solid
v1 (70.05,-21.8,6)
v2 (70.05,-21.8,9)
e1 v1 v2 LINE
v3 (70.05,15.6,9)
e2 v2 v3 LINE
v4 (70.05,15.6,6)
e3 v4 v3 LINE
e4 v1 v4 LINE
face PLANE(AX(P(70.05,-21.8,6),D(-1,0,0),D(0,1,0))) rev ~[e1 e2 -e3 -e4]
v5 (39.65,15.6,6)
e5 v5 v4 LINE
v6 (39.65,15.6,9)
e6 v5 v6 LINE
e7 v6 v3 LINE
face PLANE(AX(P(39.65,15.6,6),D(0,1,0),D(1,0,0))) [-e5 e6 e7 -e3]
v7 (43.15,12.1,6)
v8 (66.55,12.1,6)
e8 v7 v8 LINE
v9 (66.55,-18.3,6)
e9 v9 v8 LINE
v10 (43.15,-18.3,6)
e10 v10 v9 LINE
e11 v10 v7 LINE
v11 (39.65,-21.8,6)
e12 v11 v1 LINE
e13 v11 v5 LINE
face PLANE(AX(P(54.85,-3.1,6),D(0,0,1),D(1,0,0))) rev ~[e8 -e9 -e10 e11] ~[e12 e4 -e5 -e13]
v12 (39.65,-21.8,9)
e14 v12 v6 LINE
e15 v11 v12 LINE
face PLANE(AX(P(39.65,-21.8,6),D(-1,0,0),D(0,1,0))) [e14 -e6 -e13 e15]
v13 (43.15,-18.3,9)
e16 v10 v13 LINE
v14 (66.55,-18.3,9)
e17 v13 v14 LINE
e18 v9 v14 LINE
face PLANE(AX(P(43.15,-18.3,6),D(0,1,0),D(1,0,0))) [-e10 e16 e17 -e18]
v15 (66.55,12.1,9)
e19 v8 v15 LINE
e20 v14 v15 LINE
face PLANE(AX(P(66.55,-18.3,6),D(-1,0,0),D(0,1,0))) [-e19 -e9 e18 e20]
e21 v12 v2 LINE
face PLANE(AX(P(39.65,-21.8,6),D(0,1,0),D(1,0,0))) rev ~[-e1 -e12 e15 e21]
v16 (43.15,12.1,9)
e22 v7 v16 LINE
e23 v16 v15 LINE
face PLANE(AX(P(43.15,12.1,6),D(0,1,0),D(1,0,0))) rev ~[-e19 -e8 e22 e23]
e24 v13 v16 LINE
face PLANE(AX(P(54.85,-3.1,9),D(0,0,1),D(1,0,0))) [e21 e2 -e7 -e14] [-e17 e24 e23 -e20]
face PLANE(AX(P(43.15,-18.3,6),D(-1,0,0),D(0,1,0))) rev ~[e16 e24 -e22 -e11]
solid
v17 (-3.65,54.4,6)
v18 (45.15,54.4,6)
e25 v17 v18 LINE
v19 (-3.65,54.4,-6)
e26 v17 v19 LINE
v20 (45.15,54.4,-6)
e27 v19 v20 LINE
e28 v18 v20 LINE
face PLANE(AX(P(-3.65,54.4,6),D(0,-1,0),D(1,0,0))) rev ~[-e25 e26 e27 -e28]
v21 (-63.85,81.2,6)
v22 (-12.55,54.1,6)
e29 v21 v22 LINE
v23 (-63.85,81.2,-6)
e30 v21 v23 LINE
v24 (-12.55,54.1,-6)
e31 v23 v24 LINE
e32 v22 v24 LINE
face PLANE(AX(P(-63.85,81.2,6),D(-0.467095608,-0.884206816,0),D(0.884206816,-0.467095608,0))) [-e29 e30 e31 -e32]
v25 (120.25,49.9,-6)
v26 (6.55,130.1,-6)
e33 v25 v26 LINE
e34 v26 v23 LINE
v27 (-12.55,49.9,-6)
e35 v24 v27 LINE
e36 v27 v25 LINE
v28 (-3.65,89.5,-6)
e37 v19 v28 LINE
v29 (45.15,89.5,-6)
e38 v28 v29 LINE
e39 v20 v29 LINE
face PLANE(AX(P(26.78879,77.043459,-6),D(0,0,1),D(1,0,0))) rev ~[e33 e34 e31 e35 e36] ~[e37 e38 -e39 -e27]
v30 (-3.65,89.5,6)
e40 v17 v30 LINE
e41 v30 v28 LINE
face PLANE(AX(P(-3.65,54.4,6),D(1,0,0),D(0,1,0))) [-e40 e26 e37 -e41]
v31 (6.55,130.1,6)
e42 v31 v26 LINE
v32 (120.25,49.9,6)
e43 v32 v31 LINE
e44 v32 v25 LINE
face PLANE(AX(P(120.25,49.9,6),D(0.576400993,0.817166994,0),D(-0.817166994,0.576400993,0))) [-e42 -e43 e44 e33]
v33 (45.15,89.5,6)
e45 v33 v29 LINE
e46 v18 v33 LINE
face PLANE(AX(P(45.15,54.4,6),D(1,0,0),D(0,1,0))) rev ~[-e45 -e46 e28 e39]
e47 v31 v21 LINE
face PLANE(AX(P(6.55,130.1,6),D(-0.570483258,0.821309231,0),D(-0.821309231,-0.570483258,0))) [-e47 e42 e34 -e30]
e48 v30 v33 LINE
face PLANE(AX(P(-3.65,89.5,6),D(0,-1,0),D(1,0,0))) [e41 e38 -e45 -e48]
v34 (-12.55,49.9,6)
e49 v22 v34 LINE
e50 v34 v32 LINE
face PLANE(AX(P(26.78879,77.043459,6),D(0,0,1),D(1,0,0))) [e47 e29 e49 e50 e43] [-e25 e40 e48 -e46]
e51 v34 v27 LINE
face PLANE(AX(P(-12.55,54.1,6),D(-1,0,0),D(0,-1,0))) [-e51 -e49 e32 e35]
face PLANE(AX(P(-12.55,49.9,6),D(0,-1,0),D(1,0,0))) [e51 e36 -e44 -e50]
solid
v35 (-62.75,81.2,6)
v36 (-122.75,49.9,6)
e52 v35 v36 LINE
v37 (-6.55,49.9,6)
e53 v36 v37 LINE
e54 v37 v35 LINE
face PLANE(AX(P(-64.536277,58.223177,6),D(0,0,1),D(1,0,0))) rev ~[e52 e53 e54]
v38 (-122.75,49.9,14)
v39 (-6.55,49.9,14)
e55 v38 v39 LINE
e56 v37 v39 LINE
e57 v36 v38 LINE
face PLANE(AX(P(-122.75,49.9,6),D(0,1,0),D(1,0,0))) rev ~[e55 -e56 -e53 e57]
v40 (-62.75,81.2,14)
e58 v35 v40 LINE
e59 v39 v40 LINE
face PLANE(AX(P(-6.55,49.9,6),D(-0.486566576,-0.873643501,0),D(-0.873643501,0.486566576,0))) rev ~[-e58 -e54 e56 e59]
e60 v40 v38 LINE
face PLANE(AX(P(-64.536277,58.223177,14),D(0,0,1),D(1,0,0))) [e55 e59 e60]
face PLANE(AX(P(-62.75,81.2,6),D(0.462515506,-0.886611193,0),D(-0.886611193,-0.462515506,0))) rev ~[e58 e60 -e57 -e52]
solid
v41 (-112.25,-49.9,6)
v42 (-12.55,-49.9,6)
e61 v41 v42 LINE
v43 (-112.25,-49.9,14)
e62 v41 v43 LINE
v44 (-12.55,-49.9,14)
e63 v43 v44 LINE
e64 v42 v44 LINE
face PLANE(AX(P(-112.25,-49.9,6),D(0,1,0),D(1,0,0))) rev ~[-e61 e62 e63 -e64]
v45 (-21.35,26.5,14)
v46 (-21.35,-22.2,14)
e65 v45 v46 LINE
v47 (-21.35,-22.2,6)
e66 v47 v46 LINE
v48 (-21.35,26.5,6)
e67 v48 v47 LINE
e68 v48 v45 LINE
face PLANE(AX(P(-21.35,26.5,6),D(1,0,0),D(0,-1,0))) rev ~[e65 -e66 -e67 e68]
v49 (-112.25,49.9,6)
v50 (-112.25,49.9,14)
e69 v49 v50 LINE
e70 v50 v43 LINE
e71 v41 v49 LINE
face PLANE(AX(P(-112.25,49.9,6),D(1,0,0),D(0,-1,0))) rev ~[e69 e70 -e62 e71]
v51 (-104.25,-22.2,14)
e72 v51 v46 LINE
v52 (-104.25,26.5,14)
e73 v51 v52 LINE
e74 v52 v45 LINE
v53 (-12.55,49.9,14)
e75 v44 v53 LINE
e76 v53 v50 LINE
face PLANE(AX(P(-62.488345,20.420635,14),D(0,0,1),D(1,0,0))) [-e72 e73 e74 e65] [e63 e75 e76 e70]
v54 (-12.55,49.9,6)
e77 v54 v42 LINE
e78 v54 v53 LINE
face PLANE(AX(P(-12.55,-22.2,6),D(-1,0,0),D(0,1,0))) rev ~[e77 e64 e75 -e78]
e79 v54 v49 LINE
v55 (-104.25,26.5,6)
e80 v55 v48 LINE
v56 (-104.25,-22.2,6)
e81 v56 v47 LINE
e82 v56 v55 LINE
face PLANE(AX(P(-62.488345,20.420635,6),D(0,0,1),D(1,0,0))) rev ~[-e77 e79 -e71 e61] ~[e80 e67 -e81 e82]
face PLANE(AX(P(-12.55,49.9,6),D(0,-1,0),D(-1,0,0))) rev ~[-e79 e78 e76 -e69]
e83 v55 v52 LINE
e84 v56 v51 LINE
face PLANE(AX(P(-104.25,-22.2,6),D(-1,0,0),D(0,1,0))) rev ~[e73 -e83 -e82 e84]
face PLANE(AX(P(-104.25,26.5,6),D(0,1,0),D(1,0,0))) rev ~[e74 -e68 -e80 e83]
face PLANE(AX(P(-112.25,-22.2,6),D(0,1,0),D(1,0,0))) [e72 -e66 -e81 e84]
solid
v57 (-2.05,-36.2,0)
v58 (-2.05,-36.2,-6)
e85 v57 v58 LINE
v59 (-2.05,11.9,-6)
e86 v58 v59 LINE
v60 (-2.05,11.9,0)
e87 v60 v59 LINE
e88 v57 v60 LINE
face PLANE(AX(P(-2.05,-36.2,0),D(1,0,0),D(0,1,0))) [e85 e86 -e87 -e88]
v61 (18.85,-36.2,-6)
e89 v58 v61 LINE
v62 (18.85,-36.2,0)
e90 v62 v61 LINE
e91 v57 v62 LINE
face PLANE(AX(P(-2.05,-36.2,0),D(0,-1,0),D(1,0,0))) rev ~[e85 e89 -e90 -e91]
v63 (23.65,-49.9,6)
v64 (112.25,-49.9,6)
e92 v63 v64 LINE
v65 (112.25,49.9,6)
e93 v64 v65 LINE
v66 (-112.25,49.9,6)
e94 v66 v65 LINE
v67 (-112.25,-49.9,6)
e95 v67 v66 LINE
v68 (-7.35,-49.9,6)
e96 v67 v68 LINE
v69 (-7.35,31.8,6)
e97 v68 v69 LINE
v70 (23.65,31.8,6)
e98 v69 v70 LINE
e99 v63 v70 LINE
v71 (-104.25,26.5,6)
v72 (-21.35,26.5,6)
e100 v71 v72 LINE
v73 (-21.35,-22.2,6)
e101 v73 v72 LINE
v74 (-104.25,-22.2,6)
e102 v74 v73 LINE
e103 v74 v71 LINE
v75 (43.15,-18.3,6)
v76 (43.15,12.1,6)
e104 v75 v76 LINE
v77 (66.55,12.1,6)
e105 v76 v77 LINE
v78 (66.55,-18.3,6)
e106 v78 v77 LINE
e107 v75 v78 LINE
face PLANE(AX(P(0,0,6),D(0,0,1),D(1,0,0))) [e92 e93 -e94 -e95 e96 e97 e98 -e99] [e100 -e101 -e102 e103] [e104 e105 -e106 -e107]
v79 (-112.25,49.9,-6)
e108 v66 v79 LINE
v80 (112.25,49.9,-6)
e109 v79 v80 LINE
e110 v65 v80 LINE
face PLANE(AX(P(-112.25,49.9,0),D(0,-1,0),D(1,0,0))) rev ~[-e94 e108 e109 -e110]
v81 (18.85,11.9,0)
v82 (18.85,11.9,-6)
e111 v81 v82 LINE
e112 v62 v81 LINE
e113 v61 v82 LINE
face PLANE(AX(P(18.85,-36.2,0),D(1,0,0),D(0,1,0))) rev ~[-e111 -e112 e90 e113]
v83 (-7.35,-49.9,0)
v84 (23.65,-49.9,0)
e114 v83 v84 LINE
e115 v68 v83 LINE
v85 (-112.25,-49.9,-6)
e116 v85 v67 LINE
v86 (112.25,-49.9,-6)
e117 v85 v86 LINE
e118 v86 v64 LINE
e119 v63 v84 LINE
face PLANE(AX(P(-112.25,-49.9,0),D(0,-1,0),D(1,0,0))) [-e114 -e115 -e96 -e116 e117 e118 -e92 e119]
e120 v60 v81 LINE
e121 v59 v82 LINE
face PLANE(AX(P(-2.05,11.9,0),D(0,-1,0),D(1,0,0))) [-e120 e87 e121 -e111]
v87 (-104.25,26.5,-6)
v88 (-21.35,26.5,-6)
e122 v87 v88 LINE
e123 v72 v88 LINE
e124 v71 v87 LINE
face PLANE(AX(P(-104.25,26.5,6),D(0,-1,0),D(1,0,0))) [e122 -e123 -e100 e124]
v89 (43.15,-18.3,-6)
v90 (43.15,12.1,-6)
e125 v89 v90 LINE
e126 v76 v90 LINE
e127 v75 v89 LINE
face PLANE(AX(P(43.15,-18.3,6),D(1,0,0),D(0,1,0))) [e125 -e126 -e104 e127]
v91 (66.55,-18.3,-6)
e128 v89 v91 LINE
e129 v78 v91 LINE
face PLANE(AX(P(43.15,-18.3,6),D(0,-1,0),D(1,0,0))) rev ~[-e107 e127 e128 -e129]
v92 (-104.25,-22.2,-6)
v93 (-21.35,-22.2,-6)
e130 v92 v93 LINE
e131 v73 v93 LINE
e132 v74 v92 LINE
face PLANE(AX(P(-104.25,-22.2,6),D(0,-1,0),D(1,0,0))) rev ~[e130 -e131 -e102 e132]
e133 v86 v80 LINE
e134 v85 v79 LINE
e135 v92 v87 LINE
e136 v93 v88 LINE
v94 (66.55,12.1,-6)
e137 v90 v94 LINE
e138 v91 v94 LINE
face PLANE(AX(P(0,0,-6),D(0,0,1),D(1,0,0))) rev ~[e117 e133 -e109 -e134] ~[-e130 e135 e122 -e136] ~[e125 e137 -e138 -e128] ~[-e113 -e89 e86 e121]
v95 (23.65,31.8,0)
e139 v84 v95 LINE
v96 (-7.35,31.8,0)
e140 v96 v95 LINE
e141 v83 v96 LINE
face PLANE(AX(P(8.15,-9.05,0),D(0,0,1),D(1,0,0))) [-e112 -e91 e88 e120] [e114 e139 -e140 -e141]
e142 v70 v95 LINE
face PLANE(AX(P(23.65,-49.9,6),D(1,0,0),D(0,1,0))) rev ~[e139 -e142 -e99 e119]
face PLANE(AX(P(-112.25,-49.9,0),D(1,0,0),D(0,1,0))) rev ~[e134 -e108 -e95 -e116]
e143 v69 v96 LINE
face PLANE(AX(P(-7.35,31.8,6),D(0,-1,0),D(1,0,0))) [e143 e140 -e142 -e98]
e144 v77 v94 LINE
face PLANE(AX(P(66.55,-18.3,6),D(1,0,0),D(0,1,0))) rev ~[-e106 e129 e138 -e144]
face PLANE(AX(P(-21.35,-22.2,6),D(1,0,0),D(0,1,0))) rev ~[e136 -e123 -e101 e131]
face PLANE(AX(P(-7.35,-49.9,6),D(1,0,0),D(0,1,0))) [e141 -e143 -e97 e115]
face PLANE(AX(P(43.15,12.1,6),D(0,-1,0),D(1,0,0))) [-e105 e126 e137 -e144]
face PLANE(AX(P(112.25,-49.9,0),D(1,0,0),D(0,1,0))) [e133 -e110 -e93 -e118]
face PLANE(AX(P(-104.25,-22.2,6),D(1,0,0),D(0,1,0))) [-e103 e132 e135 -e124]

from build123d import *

# Parameters (mm, degrees)
WALLSKETCH_W                                   = 224.5
WALLSKETCH_H                                   = 99.8
MAINWALL_DEPTH                                 = 6
WINDOWSKETCH_W                                 = 23.4
WINDOWSKETCH_H                                 = 30.4
WINDOWCUT_DEPTH                                = 12.2
PILOT001_ENTRANCERECESS_PROVISIONAL_START      = 6
PILOT001_ENTRANCERECESSSKETCH_W                = 31
PILOT001_ENTRANCERECESSSKETCH_H                = 81.7
PILOT001_ENTRANCERECESS_PROVISIONAL_DEPTH      = 6
PILOT001_DOOROPENINGSKETCH_W                   = 20.9
PILOT001_DOOROPENINGSKETCH_H                   = 48.1
PILOT001_DOOROPENING_PROVISIONAL_DEPTH         = 6.2
PILOT001_LARGEWINDOWOPENING_PROVISIONAL_START  = 6
PILOT001_LARGEWINDOWOPENINGSKETCH_W            = 82.9
PILOT001_LARGEWINDOWOPENINGSKETCH_H            = 48.7
PILOT001_LARGEWINDOWOPENING_PROVISIONAL_DEPTH  = 12.2
PILOT001_LEFTBAYBASE_PROVISIONAL_START         = 6
PILOT001_LEFTBAYBASESKETCH_W                   = 99.7
PILOT001_LEFTBAYBASESKETCH_H                   = 27.7
PILOT001_LEFTBAYBASE_PROVISIONAL_DEPTH         = 8
PILOT001_LEFTBAYUPPERSUPPORT_PROVISIONAL_START = 6
PILOT001_LEFTBAYUPPERSUPPORT_PROVISIONAL_DEPTH = 8
PILOT001_MAINGABLEPROFILE_PROVISIONAL_START    = 6
PILOT001_MAINGABLEPROFILE_PROVISIONAL_DEPTH    = 12
PILOT001_LEFTGABLEPROFILE_PROVISIONAL_START    = 6
PILOT001_LEFTGABLEPROFILE_PROVISIONAL_DEPTH    = 8
PILOT001_UPPERGABLEWINDOWOPENING_PROVISI_START = 6
PILOT001_UPPERGABLEWINDOWOPENINGSKETCH_W       = 48.8
PILOT001_UPPERGABLEWINDOWOPENINGSKETCH_H       = 35.1
PILOT001_UPPERGABLEWINDOWOPENING_PROVISI_DEPTH = 12.2
PILOT001_OPENINGSURROUND_PROVISIONAL_START     = 6
PILOT001_OPENINGSURROUNDSKETCH_W               = 30.4
PILOT001_OPENINGSURROUNDSKETCH_H               = 37.4
PILOT001_OPENINGSURROUNDSKETCH_W_2             = 23.4
PILOT001_OPENINGSURROUNDSKETCH_H_2             = 30.4
PILOT001_OPENINGSURROUND_PROVISIONAL_DEPTH     = 3


with BuildPart() as part:
    # WallSketch → MainWall (new, symmetric)
    with BuildSketch(Plane.XY):
        Rectangle(WALLSKETCH_W, WALLSKETCH_H)
    extrude(amount=MAINWALL_DEPTH, both=True)

    # WindowSketch → WindowCut (cut)
    with BuildSketch(Plane.XY.offset(6)):
        with Locations((54.85, -3.1)):
            Rectangle(WINDOWSKETCH_W, WINDOWSKETCH_H)
    extrude(amount=-WINDOWCUT_DEPTH, mode=Mode.SUBTRACT)

    # Pilot001_EntranceRecessSketch → Pilot001_EntranceRecess_PROVISIONAL (cut)
    with BuildSketch(Plane.XY.offset(PILOT001_ENTRANCERECESS_PROVISIONAL_START)):
        with Locations((8.15, -9.05)):
            Rectangle(PILOT001_ENTRANCERECESSSKETCH_W, PILOT001_ENTRANCERECESSSKETCH_H)
    extrude(amount=-PILOT001_ENTRANCERECESS_PROVISIONAL_DEPTH, mode=Mode.SUBTRACT)

    # Pilot001_DoorOpeningSketch → Pilot001_DoorOpening_PROVISIONAL (cut)
    with BuildSketch(Plane.XY):
        with Locations((8.4, -12.15)):
            Rectangle(PILOT001_DOOROPENINGSKETCH_W, PILOT001_DOOROPENINGSKETCH_H)
    extrude(amount=-PILOT001_DOOROPENING_PROVISIONAL_DEPTH, mode=Mode.SUBTRACT)

    # Pilot001_LargeWindowOpeningSketch → Pilot001_LargeWindowOpening_PROVISIONAL (cut)
    with BuildSketch(Plane.XY.offset(PILOT001_LARGEWINDOWOPENING_PROVISIONAL_START)):
        with Locations((-62.8, 2.15)):
            Rectangle(PILOT001_LARGEWINDOWOPENINGSKETCH_W, PILOT001_LARGEWINDOWOPENINGSKETCH_H)
    extrude(amount=-PILOT001_LARGEWINDOWOPENING_PROVISIONAL_DEPTH, mode=Mode.SUBTRACT)


with BuildPart() as body_2:
    # Pilot001_LeftBayBaseSketch → Pilot001_LeftBayBase_PROVISIONAL (new body)
    with BuildSketch(Plane.XY.offset(PILOT001_LEFTBAYBASE_PROVISIONAL_START)):
        with Locations((-62.4, -36.05)):
            Rectangle(PILOT001_LEFTBAYBASESKETCH_W, PILOT001_LEFTBAYBASESKETCH_H)
    extrude(amount=PILOT001_LEFTBAYBASE_PROVISIONAL_DEPTH)

    # Pilot001_LeftBayUpperSupportSketch → Pilot001_LeftBayUpperSupport_PROVISIONAL (add)
    with BuildSketch(Plane.XY.offset(PILOT001_LEFTBAYUPPERSUPPORT_PROVISIONAL_START)):
        Polygon((-112.25, -22.2), (-104.25, -22.2), (-104.25, 26.5), (-21.35, 26.5), (-21.35, -22.2), (-12.55, -22.2), (-12.55, 49.9), (-112.25, 49.9), align=None)
    extrude(amount=PILOT001_LEFTBAYUPPERSUPPORT_PROVISIONAL_DEPTH)


with BuildPart() as body_3:
    # Pilot001_MainGableProfileSketch → Pilot001_MainGableProfile_PROVISIONAL (new body)
    with BuildSketch(Plane.XY.offset(PILOT001_MAINGABLEPROFILE_PROVISIONAL_START)):
        Polygon((-12.55, 49.9), (120.25, 49.9), (6.55, 130.1), (-63.85, 81.2), (-12.55, 54.1), align=None)
    extrude(amount=-PILOT001_MAINGABLEPROFILE_PROVISIONAL_DEPTH)

    # Pilot001_UpperGableWindowOpeningSketch → Pilot001_UpperGableWindowOpening_PROVISIONAL (cut)
    with BuildSketch(Plane.XY.offset(PILOT001_UPPERGABLEWINDOWOPENING_PROVISI_START)):
        with Locations((20.75, 71.95)):
            Rectangle(PILOT001_UPPERGABLEWINDOWOPENINGSKETCH_W, PILOT001_UPPERGABLEWINDOWOPENINGSKETCH_H)
    extrude(amount=-PILOT001_UPPERGABLEWINDOWOPENING_PROVISI_DEPTH, mode=Mode.SUBTRACT)


with BuildPart() as body_4:
    # Pilot001_LeftGableProfileSketch → Pilot001_LeftGableProfile_PROVISIONAL (new body)
    with BuildSketch(Plane.XY.offset(PILOT001_LEFTGABLEPROFILE_PROVISIONAL_START)):
        Polygon((-122.75, 49.9), (-6.55, 49.9), (-62.75, 81.2), align=None)
    extrude(amount=PILOT001_LEFTGABLEPROFILE_PROVISIONAL_DEPTH)


with BuildPart() as body_5:
    # Pilot001_OpeningSurroundSketch → Pilot001_OpeningSurround_PROVISIONAL (new body)
    with BuildSketch(Plane.XY.offset(PILOT001_OPENINGSURROUND_PROVISIONAL_START)):
        with Locations((54.85, -3.1)):
            Rectangle(PILOT001_OPENINGSURROUNDSKETCH_W, PILOT001_OPENINGSURROUNDSKETCH_H)
        with Locations((54.85, -3.1)):
            Rectangle(PILOT001_OPENINGSURROUNDSKETCH_W_2, PILOT001_OPENINGSURROUNDSKETCH_H_2, mode=Mode.SUBTRACT)
    extrude(amount=PILOT001_OPENINGSURROUND_PROVISIONAL_DEPTH)


solid = Compound([part.part, body_2.part, body_3.part, body_4.part, body_5.part])
